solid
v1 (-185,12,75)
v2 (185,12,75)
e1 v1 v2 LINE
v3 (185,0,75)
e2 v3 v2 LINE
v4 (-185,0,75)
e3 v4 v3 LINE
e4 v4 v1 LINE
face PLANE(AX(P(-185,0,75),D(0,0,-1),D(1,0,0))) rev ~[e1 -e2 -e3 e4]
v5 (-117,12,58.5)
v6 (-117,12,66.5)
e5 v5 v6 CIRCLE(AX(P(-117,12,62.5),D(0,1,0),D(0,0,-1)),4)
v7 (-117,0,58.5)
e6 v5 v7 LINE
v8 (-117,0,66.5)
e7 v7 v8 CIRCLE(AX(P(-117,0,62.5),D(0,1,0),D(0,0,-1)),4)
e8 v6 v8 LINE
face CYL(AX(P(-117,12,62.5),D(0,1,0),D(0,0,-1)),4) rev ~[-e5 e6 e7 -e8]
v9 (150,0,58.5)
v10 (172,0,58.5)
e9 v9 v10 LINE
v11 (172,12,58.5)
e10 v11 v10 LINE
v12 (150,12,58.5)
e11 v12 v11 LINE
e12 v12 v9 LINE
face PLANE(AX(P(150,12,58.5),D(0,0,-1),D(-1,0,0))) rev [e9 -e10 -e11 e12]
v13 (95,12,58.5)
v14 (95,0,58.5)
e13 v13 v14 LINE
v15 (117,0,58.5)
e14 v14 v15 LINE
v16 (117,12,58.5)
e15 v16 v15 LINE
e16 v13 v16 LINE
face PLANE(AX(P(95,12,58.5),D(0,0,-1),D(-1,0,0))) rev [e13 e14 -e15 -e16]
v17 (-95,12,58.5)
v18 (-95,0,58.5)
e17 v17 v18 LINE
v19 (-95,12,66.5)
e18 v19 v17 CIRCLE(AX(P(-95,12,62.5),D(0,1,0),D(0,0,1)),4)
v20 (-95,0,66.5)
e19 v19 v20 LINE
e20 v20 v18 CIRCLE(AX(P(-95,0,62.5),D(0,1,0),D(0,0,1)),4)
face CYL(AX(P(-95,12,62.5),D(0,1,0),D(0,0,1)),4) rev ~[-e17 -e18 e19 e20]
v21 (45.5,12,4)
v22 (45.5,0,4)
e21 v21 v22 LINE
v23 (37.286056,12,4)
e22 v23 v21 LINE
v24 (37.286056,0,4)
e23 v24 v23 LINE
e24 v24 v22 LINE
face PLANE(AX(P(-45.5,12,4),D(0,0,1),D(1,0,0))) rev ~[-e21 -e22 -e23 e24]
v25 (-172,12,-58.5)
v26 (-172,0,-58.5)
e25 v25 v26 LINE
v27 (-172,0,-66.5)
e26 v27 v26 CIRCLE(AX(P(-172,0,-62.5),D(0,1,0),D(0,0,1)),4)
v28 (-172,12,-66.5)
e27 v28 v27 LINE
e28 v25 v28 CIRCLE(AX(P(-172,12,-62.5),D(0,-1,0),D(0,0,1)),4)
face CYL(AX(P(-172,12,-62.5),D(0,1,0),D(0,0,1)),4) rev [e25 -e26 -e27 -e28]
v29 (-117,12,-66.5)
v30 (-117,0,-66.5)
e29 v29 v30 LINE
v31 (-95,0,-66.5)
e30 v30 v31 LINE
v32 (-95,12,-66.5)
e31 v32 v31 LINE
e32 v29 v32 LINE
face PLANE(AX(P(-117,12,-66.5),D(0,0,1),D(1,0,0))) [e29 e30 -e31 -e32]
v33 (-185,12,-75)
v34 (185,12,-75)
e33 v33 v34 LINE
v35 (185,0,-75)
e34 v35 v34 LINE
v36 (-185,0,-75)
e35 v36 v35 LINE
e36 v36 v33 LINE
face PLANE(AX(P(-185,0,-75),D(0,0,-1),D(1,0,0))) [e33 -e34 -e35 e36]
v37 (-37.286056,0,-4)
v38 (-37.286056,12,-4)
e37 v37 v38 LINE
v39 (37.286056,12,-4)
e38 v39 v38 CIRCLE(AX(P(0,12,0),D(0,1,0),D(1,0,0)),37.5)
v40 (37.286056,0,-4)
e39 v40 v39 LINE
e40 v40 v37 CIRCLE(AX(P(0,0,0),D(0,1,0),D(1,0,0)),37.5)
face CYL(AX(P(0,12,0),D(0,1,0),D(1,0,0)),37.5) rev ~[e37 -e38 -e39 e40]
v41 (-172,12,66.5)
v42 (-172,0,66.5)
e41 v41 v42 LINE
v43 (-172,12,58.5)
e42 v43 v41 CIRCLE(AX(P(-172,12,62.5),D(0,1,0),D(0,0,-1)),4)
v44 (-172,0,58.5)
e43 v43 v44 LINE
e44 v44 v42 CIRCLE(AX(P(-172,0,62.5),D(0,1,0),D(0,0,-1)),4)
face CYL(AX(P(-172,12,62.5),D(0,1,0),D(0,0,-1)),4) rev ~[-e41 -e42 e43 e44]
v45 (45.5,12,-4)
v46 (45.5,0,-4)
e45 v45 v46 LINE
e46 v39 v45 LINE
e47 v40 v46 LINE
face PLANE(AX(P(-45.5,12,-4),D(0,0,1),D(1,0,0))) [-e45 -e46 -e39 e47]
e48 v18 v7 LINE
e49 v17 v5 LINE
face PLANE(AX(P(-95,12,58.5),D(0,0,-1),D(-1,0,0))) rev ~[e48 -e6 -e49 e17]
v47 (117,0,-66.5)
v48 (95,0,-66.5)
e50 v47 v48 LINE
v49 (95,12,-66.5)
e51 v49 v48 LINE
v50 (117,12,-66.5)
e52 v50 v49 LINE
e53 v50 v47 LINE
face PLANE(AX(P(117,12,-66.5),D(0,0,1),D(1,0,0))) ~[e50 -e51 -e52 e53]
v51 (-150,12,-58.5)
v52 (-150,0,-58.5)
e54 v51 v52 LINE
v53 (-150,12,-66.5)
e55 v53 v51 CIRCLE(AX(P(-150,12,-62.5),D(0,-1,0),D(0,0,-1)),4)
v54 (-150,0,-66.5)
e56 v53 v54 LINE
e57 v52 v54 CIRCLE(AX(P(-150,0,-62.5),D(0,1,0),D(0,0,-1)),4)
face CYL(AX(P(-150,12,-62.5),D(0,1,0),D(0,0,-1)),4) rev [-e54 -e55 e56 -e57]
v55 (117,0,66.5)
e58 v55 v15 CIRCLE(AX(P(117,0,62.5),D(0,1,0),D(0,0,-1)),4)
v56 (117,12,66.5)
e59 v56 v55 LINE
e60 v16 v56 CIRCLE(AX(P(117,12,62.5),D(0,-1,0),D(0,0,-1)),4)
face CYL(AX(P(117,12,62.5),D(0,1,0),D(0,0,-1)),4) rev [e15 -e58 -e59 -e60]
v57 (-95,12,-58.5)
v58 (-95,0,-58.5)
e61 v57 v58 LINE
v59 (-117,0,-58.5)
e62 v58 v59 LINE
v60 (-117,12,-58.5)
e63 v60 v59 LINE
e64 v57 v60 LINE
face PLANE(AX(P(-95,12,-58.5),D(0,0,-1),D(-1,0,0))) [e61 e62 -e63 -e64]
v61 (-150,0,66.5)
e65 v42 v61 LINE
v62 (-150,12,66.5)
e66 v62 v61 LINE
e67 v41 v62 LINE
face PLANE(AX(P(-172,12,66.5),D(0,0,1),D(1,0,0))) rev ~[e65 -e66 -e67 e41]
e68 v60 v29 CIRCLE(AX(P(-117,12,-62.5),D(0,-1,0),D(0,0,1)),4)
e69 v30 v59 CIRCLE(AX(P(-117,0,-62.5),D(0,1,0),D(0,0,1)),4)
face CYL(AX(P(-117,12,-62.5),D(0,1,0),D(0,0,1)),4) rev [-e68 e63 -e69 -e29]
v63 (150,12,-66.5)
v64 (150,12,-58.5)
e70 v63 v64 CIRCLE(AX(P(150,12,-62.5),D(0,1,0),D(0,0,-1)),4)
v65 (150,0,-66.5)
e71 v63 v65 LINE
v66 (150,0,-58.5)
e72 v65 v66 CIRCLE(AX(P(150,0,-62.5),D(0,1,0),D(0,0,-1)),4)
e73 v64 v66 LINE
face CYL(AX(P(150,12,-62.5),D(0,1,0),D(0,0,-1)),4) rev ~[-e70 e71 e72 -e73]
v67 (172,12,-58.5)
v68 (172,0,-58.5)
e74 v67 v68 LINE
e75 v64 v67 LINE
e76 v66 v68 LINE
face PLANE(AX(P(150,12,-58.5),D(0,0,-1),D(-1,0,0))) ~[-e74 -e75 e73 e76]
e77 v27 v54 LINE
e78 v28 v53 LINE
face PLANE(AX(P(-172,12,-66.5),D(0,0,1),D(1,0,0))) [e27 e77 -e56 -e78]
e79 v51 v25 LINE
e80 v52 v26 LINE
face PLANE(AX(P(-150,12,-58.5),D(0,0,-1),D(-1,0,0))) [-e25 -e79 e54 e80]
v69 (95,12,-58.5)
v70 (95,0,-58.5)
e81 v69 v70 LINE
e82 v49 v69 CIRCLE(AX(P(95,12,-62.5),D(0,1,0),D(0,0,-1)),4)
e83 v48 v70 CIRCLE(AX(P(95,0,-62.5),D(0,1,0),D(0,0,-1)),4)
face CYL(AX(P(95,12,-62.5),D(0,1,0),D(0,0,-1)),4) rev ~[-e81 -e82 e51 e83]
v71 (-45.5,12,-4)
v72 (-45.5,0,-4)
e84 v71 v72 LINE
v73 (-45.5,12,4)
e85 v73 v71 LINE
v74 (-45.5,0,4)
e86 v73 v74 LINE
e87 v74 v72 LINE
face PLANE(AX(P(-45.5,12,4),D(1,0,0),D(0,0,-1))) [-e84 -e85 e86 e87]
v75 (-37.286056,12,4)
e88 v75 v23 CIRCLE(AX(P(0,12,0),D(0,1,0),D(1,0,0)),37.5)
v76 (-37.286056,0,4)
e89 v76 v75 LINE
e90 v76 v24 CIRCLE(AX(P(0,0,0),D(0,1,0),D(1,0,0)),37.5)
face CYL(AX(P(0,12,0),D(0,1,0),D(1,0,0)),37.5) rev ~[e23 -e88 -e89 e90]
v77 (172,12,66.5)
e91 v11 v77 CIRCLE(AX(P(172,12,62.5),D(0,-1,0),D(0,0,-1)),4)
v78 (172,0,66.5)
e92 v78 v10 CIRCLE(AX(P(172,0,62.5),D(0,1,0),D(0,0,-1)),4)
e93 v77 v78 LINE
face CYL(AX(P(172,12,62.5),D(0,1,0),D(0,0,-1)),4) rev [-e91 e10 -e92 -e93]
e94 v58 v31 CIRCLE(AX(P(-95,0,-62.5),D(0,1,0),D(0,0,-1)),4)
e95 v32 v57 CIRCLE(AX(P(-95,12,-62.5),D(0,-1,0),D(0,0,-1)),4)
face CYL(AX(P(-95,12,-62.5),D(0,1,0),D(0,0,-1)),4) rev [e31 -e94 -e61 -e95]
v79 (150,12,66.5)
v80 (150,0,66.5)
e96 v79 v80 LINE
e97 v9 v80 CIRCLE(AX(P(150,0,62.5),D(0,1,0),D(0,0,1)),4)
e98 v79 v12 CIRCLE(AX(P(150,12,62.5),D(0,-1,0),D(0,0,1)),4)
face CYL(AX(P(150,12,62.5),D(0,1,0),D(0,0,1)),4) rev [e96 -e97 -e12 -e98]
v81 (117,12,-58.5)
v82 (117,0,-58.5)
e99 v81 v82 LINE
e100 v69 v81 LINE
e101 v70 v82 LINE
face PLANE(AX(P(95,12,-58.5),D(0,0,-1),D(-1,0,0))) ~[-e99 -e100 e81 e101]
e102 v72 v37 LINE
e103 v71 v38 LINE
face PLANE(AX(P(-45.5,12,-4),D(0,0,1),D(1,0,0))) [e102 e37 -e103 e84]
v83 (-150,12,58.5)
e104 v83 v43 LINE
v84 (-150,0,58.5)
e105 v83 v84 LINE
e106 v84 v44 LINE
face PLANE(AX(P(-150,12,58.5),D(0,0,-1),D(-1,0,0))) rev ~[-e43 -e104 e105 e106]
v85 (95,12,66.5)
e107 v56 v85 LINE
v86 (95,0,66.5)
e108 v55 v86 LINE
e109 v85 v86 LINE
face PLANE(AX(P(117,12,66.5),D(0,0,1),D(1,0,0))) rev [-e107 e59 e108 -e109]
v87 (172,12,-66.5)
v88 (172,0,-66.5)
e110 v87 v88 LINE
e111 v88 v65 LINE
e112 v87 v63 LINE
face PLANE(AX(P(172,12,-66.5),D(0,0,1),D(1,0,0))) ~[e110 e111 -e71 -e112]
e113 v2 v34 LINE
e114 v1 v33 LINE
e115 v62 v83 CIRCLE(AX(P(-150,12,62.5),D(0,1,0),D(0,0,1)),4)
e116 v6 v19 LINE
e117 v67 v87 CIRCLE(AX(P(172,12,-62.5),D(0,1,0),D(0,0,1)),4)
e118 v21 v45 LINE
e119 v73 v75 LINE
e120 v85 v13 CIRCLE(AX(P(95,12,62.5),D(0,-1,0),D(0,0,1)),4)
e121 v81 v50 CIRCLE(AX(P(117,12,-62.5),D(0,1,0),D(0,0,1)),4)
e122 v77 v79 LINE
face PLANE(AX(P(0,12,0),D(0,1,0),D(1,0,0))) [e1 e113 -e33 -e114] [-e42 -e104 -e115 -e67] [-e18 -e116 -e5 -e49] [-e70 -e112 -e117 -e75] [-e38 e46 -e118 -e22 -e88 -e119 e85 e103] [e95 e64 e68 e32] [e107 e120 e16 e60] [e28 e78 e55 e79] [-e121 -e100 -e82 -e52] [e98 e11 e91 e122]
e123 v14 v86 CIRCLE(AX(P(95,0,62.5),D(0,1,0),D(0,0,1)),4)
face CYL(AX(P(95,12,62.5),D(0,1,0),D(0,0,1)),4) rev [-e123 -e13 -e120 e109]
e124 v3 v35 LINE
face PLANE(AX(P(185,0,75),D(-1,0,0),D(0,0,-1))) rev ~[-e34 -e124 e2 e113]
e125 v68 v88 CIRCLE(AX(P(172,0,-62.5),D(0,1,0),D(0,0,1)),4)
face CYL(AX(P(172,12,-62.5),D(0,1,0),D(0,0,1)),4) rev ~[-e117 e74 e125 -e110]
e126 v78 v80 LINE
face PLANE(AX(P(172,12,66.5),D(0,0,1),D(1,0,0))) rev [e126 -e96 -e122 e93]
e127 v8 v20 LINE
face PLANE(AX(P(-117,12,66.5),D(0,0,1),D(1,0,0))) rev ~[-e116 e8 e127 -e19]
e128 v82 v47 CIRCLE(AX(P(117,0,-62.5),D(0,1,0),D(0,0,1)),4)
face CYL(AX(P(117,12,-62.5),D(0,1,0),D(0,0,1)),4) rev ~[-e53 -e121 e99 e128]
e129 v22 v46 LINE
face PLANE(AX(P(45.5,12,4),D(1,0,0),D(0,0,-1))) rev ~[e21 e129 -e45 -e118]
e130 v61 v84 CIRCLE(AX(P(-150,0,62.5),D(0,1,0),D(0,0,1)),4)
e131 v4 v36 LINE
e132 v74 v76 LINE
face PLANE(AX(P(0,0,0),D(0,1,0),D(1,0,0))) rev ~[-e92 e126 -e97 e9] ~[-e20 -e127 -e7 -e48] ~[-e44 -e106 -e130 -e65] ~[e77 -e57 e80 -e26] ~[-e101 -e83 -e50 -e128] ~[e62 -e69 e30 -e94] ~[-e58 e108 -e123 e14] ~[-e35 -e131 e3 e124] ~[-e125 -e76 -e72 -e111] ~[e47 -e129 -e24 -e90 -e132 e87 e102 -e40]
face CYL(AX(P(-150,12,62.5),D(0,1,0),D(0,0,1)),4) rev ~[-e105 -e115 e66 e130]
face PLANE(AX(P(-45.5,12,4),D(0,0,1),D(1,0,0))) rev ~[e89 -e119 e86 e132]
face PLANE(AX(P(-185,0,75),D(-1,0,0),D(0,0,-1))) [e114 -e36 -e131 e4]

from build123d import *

# Parameters (mm, degrees)
SKETCH1_W           = 370
SKETCH1_H           = 150
BOSS_EXTRUDE1_DEPTH = 12
SKETCH3_R           = 37.5
CUT_EXTRUDE2_DEPTH  = 13
SKETCH6_W           = 91
SKETCH6_H           = 8
CUT_EXTRUDE3_DEPTH  = 13
CUT_EXTRUDE4_DEPTH  = 13


with BuildPart() as part:
    # Sketch1 → Boss-Extrude1 (new body)
    with BuildSketch(Plane(origin=(0, 0, 0), x_dir=(1, 0, 0), z_dir=(0, 1, 0))):
        Rectangle(SKETCH1_W, SKETCH1_H)
    extrude(amount=BOSS_EXTRUDE1_DEPTH)

    # Sketch3 → Cut-Extrude2 (cut, through all)
    with BuildSketch(Plane(origin=(0, 12, 0), x_dir=(1, 0, 0), z_dir=(0, 1, 0))):
        Circle(SKETCH3_R)
    extrude(amount=-CUT_EXTRUDE2_DEPTH, mode=Mode.SUBTRACT)

    # Sketch6 → Cut-Extrude3 (cut, through all)
    with BuildSketch(Plane(origin=(0, 12, 0), x_dir=(1, 0, 0), z_dir=(0, 1, 0))):
        Rectangle(SKETCH6_W, SKETCH6_H)
    extrude(amount=-CUT_EXTRUDE3_DEPTH, mode=Mode.SUBTRACT)

    # Sketch7 → Cut-Extrude4 (cut, through all)
    with BuildSketch(Plane(origin=(0, 12, 0), x_dir=(1, 0, 0), z_dir=(0, 1, 0))):
        with BuildLine():
            Line((-150, -58.5), (-172, -58.5))
            ThreePointArc((-172, -58.5), (-176, -62.5), (-172, -66.5))
            Line((-172, -66.5), (-150, -66.5))
            ThreePointArc((-150, -66.5), (-146, -62.5), (-150, -58.5))
        make_face()
        with BuildLine():
            ThreePointArc((-172, 58.5), (-176, 62.5), (-172, 66.5))
            Line((-172, 66.5), (-150, 66.5))
            ThreePointArc((-150, 66.5), (-146, 62.5), (-150, 58.5))
            Line((-150, 58.5), (-172, 58.5))
        make_face()
        with BuildLine():
            ThreePointArc((-117, 58.5), (-121, 62.5), (-117, 66.5))
            Line((-117, 66.5), (-95, 66.5))
            ThreePointArc((-95, 66.5), (-91, 62.5), (-95, 58.5))
            Line((-95, 58.5), (-117, 58.5))
        make_face()
        with BuildLine():
            Line((-95, -58.5), (-117, -58.5))
            ThreePointArc((-117, -58.5), (-121, -62.5), (-117, -66.5))
            Line((-117, -66.5), (-95, -66.5))
            ThreePointArc((-95, -66.5), (-91, -62.5), (-95, -58.5))
        make_face()
    cut_extrude4 = extrude(amount=-CUT_EXTRUDE4_DEPTH, mode=Mode.SUBTRACT)

    # Mirror1: Cut-Extrude4 across plane
    add(cut_extrude4.mirror(Plane(origin=(0, 0, 0), x_dir=(0, 0, 1), z_dir=(1, 0, 0))), mode=Mode.SUBTRACT)


solid = part.part
